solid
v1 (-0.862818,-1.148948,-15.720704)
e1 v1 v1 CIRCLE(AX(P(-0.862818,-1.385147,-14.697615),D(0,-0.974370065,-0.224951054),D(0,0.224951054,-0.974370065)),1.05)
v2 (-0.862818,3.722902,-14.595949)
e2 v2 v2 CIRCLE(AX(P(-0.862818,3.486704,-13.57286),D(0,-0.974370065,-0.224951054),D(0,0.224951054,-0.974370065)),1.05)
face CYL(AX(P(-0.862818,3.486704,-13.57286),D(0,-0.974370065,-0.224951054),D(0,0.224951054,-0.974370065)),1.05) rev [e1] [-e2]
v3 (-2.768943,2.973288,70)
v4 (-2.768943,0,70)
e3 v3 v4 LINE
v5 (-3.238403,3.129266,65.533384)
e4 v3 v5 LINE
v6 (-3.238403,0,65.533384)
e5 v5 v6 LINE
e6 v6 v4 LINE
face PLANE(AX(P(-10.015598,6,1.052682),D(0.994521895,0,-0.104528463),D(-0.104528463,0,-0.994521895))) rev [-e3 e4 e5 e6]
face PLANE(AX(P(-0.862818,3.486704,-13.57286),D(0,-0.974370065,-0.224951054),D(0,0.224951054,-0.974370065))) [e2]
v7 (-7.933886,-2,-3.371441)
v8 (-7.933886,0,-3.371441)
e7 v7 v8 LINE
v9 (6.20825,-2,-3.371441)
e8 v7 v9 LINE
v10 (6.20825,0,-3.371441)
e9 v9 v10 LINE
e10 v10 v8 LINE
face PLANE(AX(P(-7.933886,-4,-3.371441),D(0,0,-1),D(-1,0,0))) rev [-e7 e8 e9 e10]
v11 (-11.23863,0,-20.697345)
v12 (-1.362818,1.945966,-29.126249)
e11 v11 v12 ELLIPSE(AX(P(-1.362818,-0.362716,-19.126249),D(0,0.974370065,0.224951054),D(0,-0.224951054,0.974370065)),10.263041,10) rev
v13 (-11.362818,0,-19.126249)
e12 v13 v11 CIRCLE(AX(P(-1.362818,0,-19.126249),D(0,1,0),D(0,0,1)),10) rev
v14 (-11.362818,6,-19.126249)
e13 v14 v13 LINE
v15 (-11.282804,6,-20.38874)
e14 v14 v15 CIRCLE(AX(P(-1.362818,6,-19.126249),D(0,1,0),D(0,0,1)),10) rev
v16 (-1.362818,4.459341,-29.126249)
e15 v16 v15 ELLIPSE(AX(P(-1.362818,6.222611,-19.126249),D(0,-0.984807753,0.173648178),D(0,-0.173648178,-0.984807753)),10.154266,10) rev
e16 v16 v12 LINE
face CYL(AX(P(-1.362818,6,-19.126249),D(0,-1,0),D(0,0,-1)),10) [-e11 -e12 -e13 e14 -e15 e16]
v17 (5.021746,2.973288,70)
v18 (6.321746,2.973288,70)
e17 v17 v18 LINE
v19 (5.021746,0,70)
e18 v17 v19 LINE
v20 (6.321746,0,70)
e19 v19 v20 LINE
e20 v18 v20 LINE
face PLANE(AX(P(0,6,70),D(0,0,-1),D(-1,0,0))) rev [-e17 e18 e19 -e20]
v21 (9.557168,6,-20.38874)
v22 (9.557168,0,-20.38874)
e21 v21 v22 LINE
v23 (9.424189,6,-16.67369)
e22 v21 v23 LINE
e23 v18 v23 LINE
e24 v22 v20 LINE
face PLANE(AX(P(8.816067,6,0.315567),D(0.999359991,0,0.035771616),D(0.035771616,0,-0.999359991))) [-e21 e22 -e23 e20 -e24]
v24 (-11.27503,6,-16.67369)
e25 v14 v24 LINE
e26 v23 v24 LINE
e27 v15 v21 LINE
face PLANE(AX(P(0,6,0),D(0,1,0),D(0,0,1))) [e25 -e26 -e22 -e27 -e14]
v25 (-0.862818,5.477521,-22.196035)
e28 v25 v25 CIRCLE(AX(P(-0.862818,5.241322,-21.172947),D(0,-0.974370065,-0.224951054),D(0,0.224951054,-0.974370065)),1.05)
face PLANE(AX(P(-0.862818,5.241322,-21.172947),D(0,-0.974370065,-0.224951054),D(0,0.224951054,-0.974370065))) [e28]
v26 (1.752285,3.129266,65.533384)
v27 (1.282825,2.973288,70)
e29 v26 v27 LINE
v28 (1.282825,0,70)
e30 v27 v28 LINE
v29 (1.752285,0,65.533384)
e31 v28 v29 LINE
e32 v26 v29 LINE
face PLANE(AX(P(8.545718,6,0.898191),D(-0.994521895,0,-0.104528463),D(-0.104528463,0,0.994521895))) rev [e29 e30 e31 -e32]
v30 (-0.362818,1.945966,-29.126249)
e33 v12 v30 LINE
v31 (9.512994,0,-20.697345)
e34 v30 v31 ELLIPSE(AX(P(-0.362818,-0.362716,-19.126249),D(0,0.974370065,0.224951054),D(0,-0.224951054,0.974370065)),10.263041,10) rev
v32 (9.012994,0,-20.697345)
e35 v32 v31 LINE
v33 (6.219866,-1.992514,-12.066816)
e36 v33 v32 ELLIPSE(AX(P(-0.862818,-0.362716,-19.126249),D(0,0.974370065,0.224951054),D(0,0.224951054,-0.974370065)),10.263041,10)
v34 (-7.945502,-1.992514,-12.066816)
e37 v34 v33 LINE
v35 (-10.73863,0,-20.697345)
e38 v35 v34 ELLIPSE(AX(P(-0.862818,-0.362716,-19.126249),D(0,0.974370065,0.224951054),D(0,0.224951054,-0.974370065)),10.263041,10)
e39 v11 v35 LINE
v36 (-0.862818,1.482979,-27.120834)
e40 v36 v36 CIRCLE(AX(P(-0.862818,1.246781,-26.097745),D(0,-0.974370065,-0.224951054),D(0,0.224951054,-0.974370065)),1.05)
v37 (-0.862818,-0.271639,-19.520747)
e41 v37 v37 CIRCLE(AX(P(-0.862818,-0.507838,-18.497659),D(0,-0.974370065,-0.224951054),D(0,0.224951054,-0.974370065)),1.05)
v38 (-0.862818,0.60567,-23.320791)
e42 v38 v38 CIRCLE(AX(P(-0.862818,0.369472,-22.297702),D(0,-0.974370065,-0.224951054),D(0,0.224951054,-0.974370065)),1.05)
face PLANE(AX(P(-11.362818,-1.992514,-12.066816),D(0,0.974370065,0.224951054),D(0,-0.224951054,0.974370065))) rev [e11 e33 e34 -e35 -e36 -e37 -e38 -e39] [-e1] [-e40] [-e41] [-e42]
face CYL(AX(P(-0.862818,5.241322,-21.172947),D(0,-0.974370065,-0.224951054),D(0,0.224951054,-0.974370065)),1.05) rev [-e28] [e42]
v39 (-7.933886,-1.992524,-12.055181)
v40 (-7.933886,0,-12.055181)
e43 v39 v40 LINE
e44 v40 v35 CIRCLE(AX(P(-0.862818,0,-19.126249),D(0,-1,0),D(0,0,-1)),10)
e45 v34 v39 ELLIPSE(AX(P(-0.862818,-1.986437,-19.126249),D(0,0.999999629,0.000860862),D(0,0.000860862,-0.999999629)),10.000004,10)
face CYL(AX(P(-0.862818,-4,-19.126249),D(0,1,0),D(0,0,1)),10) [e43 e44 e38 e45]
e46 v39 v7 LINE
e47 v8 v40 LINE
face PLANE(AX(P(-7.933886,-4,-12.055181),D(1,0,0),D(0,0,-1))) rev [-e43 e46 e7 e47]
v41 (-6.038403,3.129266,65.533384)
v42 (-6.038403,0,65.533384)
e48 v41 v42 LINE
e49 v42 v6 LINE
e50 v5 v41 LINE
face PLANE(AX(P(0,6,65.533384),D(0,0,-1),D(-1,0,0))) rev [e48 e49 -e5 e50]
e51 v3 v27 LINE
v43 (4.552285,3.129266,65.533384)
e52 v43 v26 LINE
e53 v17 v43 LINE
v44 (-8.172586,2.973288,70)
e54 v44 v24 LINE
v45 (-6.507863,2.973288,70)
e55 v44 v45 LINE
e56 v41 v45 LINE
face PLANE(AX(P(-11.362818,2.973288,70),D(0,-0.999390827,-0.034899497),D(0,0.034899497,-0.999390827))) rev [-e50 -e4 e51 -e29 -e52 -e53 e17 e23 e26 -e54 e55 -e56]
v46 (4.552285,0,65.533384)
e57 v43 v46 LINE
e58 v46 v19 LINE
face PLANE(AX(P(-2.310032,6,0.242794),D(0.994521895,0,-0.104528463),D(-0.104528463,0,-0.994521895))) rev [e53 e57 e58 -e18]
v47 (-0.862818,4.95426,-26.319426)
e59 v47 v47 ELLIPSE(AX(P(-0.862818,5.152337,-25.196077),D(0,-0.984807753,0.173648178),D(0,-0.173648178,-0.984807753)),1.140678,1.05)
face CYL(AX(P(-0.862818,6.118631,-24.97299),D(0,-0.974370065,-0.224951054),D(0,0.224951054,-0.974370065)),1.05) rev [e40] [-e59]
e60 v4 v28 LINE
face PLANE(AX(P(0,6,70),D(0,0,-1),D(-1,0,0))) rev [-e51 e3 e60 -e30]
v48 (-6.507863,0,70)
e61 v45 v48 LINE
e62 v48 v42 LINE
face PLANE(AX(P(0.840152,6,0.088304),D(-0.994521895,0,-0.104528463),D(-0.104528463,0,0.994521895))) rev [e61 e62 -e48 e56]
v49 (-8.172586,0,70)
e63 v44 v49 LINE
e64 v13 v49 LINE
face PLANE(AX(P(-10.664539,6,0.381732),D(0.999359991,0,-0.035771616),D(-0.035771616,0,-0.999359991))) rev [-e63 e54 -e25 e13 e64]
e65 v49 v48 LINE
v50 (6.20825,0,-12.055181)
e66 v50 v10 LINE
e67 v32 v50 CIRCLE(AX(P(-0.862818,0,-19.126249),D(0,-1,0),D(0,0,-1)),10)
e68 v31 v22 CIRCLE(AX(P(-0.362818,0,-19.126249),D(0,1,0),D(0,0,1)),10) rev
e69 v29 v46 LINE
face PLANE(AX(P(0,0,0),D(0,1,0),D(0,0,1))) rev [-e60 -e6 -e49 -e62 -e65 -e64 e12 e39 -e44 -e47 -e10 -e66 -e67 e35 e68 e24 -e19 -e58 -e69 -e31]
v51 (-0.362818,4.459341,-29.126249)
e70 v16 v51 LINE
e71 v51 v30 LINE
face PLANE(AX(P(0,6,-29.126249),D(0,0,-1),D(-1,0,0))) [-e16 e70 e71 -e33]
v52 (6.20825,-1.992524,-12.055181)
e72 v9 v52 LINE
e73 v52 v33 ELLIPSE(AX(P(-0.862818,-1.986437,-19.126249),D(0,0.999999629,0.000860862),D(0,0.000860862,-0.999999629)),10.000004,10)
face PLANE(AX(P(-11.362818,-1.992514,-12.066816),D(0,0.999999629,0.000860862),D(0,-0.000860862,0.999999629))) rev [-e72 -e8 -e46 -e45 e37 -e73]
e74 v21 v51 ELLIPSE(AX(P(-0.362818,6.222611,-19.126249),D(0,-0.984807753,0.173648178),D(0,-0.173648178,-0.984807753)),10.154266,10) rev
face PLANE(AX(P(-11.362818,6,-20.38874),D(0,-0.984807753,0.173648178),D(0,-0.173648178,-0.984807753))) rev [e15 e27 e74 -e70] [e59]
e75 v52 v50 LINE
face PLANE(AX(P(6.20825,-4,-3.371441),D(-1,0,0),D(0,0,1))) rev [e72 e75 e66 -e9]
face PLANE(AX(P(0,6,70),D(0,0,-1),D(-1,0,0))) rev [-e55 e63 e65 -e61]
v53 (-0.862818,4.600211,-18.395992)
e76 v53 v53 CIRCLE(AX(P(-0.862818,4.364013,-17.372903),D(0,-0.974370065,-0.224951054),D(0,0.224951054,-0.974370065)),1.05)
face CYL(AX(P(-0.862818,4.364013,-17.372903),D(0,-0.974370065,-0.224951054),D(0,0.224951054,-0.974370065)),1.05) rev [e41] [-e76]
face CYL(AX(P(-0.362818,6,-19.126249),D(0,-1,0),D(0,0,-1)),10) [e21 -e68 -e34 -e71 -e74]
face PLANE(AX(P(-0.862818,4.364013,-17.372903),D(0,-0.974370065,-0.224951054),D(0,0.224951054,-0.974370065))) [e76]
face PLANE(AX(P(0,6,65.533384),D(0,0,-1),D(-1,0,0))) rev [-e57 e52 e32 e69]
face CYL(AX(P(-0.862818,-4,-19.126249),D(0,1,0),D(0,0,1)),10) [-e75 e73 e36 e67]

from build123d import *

# Parameters (mm, degrees)
AUFSATZ_LINEAR_AUSTRAGEN1_DEPTH      = 6
SCHNITT_LINEAR_AUSTRAGEN1_DEPTH      = 72.169611735
SCHNITT_LINEAR_AUSTRAGEN1_DEPTH_BACK = 72.169611735
SCHNITT_LINEAR_AUSTRAGEN2_DEPTH      = 72.169611735
SCHNITT_LINEAR_AUSTRAGEN2_DEPTH_BACK = 72.169611735
AUFSATZ_LINEAR_AUSTRAGEN2_DEPTH      = 4
SCHNITT_LINEAR_AUSTRAGEN3_DEPTH      = 72.169611735
SCHNITT_LINEAR_AUSTRAGEN3_DEPTH_BACK = 72.169611735
SKIZZE7_R                            = 1.05
SCHNITT_LINEAR_AUSTRAGEN4_DEPTH      = 5


with BuildPart() as part:
    # Skizze1 → Aufsatz-Linear austragen1 (new body)
    with BuildSketch(Plane(origin=(0, 0, 0), x_dir=(1, 0, 0), z_dir=(0, 1, 0))):
        with BuildLine():
            Line((9.557167706, 20.388739502), (6.321745697, -70))
            Line((6.321745697, -70), (5.021745697, -70))
            Line((5.021745697, -70), (4.552285436, -65.533383981))
            Line((4.552285436, -65.533383981), (1.752285436, -65.533383981))
            Line((1.752285436, -65.533383981), (1.282825175, -70))
            Line((1.282825175, -70), (-2.768942942, -70))
            Line((-2.768942942, -70), (-3.238403203, -65.533383981))
            Line((-3.238403203, -65.533383981), (-6.038403203, -65.533383981))
            Line((-6.038403203, -65.533383981), (-6.507863464, -70))
            Line((-6.507863464, -70), (-8.17258631, -70))
            Line((-8.17258631, -70), (-11.362818073, 19.126249046))
            ThreePointArc((-11.362818073, 19.126249046), (-8.433885885, 26.197316858), (-1.362818073, 29.126249046))
            Line((-1.362818073, 29.126249046), (-0.362818073, 29.126249046))
            ThreePointArc((-0.362818073, 29.126249046), (6.24683757, 26.630411376), (9.557167706, 20.388739502))
        make_face()
    extrude(amount=AUFSATZ_LINEAR_AUSTRAGEN1_DEPTH)

    # Skizze3 → Schnitt-Linear austragen1 (cut, two sides: drawn at the far end of the back side and taken through both)
    with BuildSketch(Plane(origin=(0, 0, 0), x_dir=(0, 0, -1), z_dir=(1, 0, 0)).offset(-SCHNITT_LINEAR_AUSTRAGEN1_DEPTH_BACK)):
        Polygon((16.673690486, 6), (-70, 6), (-70, 2.973288034), align=None)
    extrude(amount=SCHNITT_LINEAR_AUSTRAGEN1_DEPTH + SCHNITT_LINEAR_AUSTRAGEN1_DEPTH_BACK, mode=Mode.SUBTRACT)

    # Skizze4 → Schnitt-Linear austragen2 (cut, two sides: drawn at the far end of the back side and taken through both)
    with BuildSketch(Plane(origin=(0, 0, 0), x_dir=(0, 0, -1), z_dir=(1, 0, 0)).offset(-SCHNITT_LINEAR_AUSTRAGEN2_DEPTH_BACK)):
        Polygon((20.388739502, 6), (29.126249046, 4.459341323), (29.126249046, 6), align=None)
    extrude(amount=SCHNITT_LINEAR_AUSTRAGEN2_DEPTH + SCHNITT_LINEAR_AUSTRAGEN2_DEPTH_BACK, mode=Mode.SUBTRACT)

    # Skizze5 → Aufsatz-Linear austragen2 (add)
    with BuildSketch(Plane.XZ):
        with BuildLine():
            Line((-7.933885885, -12.055181234), (-7.933885885, -3.371441204))
            Line((-7.933885885, -3.371441204), (6.208249739, -3.371441204))
            Line((6.208249739, -3.371441204), (6.208249739, -12.055181234))
            ThreePointArc((6.208249739, -12.055181234), (-0.862818073, -29.126249046), (-7.933885885, -12.055181234))
        make_face()
    extrude(amount=AUFSATZ_LINEAR_AUSTRAGEN2_DEPTH)

    # Skizze6 → Schnitt-Linear austragen3 (cut, two sides: drawn at the far end of the back side and taken through both)
    with BuildSketch(Plane(origin=(0, 0, 0), x_dir=(0, 0, -1), z_dir=(1, 0, 0)).offset(-SCHNITT_LINEAR_AUSTRAGEN3_DEPTH_BACK)):
        Polygon((12.066816312, -1.992514478), (29.126249046, 1.945965899), (29.126249046, -4), (3.371441204, -4), (3.371441204, -2), align=None)
    extrude(amount=SCHNITT_LINEAR_AUSTRAGEN3_DEPTH + SCHNITT_LINEAR_AUSTRAGEN3_DEPTH_BACK, mode=Mode.SUBTRACT)

    # Skizze7 → Schnitt-Linear austragen4 (cut)
    with BuildSketch(Plane(origin=(0, -4.536559366, -1.047347255), x_dir=(1, 0, 0), z_dir=(0, -0.9743700647852368, -0.22495105434385881))):
        with Locations(Location((-0.862818073, -14.009326359, 0), (0, 0, 270))):
            Circle(SKIZZE7_R)
        with Locations(Location((-0.862818073, -17.909326359, 0), (0, 0, 270))):
            Circle(SKIZZE7_R)
        with Locations(Location((-0.862818073, -21.809326359, 0), (0, 0, 270))):
            Circle(SKIZZE7_R)
        with Locations(Location((-0.862818073, -25.709326359, 0), (0, 0, 270))):
            Circle(SKIZZE7_R)
    extrude(amount=-SCHNITT_LINEAR_AUSTRAGEN4_DEPTH, mode=Mode.SUBTRACT)


solid = part.part
